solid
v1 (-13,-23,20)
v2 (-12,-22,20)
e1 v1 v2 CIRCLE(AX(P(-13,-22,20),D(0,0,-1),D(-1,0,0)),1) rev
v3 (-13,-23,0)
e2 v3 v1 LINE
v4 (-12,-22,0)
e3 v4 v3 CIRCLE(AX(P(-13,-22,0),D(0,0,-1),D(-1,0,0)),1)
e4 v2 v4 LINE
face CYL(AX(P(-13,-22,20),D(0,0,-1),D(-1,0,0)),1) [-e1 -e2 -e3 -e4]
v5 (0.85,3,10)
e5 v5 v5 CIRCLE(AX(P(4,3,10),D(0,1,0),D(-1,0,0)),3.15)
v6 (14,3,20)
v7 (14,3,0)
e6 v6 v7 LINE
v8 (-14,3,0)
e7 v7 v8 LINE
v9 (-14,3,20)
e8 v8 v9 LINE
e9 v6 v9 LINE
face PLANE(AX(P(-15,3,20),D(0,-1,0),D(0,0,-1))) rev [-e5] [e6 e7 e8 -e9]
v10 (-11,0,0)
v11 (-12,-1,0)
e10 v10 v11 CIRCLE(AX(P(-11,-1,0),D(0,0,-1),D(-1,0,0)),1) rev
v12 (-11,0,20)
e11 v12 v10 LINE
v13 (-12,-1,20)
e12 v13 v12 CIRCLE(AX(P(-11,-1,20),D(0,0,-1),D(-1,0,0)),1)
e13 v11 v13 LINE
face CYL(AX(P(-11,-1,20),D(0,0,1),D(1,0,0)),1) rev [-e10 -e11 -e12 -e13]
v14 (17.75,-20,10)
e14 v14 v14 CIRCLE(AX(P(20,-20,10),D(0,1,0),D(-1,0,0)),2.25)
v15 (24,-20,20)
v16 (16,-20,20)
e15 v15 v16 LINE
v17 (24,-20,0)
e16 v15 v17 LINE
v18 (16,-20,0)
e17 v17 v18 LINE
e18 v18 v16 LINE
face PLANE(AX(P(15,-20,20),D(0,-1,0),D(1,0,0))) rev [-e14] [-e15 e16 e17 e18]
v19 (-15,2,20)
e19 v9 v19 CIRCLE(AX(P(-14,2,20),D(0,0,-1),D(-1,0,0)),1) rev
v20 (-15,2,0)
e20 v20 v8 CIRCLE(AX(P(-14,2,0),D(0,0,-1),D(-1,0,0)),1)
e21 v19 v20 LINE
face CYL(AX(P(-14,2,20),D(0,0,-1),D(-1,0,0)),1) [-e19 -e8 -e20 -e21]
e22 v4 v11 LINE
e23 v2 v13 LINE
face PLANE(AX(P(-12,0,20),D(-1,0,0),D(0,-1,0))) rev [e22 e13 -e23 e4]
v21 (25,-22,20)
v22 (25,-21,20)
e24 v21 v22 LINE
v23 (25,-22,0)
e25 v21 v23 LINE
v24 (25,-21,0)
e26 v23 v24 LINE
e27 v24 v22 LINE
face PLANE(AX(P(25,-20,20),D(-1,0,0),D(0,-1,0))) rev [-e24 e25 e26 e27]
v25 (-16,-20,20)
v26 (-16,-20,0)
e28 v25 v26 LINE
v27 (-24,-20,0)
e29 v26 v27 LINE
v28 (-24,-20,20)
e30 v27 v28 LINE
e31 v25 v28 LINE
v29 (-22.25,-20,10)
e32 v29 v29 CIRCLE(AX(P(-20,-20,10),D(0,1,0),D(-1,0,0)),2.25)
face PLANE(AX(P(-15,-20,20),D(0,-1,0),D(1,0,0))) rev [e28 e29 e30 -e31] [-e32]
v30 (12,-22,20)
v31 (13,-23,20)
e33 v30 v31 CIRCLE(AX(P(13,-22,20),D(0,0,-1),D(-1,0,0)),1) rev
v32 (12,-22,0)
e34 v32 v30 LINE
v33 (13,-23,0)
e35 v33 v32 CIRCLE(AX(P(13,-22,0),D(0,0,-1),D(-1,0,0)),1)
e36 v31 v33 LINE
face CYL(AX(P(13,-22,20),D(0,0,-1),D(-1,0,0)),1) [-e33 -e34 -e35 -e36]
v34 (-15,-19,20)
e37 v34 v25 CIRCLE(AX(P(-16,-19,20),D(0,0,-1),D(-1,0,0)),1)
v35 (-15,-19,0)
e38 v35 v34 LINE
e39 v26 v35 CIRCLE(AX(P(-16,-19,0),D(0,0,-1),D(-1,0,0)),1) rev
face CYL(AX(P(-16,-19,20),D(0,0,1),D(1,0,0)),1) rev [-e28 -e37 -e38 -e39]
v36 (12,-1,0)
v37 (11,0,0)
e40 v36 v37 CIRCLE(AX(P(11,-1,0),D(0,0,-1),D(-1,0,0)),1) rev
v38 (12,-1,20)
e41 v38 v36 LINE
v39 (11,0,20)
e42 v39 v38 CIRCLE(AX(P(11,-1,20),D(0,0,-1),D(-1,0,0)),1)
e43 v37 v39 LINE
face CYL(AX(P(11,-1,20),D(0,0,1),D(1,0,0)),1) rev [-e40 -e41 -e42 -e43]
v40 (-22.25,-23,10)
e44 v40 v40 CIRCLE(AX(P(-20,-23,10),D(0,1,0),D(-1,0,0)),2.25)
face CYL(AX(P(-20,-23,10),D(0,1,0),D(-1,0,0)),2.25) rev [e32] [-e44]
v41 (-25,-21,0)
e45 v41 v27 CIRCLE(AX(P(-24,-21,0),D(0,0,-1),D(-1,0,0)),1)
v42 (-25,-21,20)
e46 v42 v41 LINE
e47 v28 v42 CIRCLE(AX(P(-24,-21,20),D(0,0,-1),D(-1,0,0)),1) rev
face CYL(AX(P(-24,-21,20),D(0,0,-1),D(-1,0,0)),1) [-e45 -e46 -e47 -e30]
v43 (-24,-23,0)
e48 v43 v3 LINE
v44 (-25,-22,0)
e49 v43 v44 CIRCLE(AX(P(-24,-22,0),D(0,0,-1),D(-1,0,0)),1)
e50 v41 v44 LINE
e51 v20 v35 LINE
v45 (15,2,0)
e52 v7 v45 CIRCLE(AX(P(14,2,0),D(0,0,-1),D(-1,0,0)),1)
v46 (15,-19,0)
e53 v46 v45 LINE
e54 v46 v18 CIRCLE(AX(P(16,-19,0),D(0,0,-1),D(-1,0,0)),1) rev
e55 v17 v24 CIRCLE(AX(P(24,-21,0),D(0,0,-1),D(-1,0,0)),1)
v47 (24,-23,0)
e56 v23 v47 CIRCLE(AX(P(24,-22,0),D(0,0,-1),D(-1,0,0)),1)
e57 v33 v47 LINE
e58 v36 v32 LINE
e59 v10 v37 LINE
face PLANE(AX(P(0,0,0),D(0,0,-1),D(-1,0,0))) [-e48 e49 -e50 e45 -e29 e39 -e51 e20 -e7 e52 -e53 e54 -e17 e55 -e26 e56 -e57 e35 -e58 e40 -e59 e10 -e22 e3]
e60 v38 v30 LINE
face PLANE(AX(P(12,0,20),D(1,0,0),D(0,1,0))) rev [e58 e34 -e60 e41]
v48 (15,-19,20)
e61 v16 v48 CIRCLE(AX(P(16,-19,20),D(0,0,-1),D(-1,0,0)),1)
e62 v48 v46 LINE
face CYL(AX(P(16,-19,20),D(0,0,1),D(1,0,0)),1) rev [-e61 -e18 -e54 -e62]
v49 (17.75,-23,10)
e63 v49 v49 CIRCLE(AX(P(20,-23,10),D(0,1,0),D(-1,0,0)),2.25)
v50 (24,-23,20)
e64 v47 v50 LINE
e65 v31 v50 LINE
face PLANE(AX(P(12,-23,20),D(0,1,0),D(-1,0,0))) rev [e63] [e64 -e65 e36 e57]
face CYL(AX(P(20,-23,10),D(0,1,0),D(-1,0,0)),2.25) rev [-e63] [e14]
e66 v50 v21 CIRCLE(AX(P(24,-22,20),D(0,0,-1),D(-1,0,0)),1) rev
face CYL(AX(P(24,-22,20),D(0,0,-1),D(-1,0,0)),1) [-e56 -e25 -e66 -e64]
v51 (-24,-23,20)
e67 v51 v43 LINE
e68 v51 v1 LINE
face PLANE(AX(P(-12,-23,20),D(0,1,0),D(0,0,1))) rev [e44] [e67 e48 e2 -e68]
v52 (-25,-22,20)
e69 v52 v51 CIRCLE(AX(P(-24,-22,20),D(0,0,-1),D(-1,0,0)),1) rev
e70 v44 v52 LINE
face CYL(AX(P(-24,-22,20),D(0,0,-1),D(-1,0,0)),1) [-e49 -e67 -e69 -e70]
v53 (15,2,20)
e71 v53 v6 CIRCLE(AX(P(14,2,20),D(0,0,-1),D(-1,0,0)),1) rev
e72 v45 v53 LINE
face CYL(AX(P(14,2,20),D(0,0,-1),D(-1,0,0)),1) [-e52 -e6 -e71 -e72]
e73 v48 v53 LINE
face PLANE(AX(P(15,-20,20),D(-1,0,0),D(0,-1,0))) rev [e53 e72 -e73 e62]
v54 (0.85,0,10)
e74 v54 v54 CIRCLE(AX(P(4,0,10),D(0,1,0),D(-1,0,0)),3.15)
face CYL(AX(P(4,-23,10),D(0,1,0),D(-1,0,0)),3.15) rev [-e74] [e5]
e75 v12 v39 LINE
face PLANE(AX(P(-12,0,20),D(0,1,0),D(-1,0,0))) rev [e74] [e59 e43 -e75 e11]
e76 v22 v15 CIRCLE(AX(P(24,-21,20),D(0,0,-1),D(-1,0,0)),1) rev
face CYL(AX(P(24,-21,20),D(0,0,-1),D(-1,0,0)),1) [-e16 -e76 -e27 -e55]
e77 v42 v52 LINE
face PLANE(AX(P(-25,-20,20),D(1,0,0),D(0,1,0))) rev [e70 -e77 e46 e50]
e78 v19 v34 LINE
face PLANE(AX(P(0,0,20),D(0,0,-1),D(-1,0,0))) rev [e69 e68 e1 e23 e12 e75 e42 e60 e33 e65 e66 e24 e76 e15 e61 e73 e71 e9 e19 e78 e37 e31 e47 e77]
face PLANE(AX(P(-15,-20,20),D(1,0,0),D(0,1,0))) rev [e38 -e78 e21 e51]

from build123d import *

# Parameters (mm, degrees)
BOSS_EXTRUDE1_DEPTH = 20
SKETCH3_R           = 3.15
CUT_EXTRUDE1_DEPTH  = 42.243181255
SKETCH5_R           = 2.25
CUT_EXTRUDE2_DEPTH  = 40.420806689
FILLET1_R           = 1


with BuildPart() as part:
    # Sketch2 → Boss-Extrude1 (new body)
    with BuildSketch(Plane.XY):
        Polygon((-12, 0), (12, 0), (12, -23), (25, -23), (25, -20), (15, -20), (15, 3), (-15, 3), (-15, -20), (-25, -20), (-25, -23), (-12, -23), align=None)
    extrude(amount=BOSS_EXTRUDE1_DEPTH)

    # Sketch3 → Cut-Extrude1 (cut, through all)
    with BuildSketch(Plane(origin=(0, 3, 0), x_dir=(1, 0, 0), z_dir=(0, 1, 0))):
        with Locations(Location((4, -10, 0), (0, 0, 180))):
            Circle(SKETCH3_R)
    extrude(amount=-CUT_EXTRUDE1_DEPTH, mode=Mode.SUBTRACT)

    # Sketch5 → Cut-Extrude2 (cut, through all)
    with BuildSketch(Plane(origin=(0, -20, 0), x_dir=(1, 0, 0), z_dir=(0, 1, 0))):
        with Locations(Location((-20, -10, 0), (0, 0, 180))):
            Circle(SKETCH5_R)
        with Locations(Location((20, -10, 0), (0, 0, 180))):
            Circle(SKETCH5_R)
    extrude(amount=-CUT_EXTRUDE2_DEPTH, mode=Mode.SUBTRACT)

    # Fillet1
    fillet1_edges = [part.edges().sort_by_distance(p)[0] for p in [
        (15, -20, 10),
        (25, -20, 10),
        (25, -23, 10),
        (12, -23, 10),
        (12, 0, 10),
        (-12, 0, 10),
        (-12, -23, 10),
        (-25, -23, 10),
        (-25, -20, 10),
        (-15, -20, 10),
        (-15, 3, 10),
        (15, 3, 10),
    ]]
    fillet(fillet1_edges, radius=FILLET1_R)


solid = part.part
